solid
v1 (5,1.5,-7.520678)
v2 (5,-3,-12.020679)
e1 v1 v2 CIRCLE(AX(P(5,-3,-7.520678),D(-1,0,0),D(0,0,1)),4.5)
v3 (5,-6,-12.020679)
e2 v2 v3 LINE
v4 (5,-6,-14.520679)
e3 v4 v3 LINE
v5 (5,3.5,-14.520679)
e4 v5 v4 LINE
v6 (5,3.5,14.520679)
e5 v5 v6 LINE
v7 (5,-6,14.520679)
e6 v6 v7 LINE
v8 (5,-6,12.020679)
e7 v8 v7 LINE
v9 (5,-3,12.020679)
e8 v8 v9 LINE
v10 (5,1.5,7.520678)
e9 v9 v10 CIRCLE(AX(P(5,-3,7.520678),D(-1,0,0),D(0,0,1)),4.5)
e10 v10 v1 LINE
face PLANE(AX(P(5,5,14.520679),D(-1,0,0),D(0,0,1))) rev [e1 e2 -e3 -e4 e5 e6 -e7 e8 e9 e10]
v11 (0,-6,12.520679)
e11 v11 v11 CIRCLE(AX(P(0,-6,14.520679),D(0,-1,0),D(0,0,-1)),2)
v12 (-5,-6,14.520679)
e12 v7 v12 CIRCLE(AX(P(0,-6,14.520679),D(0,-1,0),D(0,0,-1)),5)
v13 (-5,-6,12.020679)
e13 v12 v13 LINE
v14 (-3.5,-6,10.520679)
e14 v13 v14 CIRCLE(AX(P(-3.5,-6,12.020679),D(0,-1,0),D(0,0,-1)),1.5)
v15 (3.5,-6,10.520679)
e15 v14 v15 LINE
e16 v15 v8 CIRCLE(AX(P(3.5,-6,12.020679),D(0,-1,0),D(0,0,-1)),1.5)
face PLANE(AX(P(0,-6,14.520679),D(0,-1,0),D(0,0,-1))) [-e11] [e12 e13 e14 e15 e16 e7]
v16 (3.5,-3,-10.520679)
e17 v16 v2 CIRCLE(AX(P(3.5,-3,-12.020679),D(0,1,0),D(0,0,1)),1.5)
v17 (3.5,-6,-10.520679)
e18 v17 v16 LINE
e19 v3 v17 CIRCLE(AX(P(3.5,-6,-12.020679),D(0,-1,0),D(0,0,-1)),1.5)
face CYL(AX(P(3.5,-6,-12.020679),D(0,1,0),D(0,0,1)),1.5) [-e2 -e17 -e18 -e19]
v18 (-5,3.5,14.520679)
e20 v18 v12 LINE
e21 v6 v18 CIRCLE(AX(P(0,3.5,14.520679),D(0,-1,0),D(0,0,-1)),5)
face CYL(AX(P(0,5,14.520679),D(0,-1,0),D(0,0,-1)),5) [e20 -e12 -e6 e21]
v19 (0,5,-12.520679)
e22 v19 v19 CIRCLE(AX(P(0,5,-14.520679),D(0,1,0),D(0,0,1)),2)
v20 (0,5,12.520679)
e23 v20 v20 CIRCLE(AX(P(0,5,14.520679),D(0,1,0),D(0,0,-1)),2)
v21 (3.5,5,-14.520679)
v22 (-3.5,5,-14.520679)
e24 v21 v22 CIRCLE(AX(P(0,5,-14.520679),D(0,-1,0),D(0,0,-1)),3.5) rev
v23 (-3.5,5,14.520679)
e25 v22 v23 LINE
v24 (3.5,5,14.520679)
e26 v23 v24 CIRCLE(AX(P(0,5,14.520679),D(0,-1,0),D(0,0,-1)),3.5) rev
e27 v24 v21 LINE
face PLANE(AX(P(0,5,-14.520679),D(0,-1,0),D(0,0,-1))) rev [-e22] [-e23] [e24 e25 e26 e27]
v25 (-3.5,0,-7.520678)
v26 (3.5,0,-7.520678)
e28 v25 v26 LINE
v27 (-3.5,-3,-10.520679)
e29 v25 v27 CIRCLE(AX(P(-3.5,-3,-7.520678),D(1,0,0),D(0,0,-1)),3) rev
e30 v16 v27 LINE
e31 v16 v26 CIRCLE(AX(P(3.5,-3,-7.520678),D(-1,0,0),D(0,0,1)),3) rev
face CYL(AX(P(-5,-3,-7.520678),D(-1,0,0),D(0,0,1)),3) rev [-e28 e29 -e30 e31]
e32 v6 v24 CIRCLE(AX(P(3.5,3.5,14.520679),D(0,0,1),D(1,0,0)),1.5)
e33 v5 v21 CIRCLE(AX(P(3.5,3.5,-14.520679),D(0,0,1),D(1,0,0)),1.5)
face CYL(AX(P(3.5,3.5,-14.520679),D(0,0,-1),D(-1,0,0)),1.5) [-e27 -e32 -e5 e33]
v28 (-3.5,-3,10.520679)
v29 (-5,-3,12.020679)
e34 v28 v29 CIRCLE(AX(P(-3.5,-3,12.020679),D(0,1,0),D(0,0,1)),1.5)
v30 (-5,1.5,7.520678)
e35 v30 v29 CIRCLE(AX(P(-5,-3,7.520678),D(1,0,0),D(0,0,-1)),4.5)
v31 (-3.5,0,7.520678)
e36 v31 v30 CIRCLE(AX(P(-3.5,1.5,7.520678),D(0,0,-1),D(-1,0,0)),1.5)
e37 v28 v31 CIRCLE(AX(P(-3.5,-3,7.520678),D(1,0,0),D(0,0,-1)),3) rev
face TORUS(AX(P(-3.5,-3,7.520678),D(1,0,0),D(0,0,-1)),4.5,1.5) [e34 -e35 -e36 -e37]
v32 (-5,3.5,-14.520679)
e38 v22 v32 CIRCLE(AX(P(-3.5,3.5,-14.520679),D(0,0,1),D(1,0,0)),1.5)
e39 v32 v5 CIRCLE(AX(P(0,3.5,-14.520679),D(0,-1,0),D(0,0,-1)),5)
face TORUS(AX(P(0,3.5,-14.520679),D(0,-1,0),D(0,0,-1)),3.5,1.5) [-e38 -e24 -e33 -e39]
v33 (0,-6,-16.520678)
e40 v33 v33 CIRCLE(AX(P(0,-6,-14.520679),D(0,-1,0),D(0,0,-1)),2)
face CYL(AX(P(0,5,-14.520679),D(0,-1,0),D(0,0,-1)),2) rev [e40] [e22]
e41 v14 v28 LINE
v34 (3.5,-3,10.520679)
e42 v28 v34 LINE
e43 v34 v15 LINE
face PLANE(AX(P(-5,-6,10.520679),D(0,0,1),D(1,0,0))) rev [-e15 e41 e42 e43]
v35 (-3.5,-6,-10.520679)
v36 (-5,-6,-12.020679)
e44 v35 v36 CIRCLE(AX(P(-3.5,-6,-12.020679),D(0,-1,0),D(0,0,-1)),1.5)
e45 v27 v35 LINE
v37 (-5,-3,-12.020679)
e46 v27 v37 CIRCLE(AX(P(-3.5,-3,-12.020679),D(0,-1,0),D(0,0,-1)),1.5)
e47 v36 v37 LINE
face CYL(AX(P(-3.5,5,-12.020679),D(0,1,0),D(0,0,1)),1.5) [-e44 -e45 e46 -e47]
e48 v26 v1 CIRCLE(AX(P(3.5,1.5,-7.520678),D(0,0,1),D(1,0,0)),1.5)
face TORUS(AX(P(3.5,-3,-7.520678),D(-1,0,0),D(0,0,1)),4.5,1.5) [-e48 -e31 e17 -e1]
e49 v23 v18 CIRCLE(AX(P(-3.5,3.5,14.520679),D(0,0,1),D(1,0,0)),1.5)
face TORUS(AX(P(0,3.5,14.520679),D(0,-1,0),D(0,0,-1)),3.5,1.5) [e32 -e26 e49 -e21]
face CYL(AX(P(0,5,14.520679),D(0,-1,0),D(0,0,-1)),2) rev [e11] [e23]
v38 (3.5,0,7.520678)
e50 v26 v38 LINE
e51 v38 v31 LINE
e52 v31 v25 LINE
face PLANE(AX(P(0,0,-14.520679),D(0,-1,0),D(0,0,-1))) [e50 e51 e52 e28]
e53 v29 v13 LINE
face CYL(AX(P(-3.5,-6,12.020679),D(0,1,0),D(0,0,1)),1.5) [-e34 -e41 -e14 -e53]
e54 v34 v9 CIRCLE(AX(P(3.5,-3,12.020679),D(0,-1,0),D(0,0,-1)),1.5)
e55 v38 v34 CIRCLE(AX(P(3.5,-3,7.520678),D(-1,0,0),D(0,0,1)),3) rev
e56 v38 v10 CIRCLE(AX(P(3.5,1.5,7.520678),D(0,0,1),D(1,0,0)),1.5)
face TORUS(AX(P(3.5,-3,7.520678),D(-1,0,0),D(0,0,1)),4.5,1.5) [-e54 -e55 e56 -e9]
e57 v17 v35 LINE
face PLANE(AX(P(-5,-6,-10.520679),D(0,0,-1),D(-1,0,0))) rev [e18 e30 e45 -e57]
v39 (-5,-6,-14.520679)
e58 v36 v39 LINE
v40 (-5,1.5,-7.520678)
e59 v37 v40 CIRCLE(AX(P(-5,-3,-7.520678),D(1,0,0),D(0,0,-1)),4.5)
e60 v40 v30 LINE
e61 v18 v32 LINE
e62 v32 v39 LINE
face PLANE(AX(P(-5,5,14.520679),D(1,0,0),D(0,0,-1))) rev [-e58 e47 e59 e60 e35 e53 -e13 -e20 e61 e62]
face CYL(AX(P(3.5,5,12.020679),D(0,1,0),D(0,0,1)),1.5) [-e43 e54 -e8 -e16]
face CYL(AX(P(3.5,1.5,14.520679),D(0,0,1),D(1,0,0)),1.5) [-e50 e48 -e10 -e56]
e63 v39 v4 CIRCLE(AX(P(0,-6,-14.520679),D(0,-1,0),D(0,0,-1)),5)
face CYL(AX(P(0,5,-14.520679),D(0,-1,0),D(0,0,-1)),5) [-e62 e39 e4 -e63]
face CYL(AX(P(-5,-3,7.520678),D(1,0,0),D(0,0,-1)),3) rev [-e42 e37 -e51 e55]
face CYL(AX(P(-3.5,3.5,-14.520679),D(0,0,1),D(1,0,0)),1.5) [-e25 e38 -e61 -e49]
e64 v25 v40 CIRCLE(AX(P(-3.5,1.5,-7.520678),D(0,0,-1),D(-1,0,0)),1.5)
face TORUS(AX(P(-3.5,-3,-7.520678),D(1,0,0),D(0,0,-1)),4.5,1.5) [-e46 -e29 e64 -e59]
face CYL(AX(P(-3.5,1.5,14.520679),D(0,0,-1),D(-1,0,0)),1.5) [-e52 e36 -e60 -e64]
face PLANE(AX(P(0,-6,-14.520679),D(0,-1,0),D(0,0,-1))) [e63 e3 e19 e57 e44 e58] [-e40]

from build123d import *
from build123d.topology import SkipClean

# Parameters (mm, degrees)
SKETCH1_R           = 2
BOSS_EXTRUDE1_DEPTH = 5
BOSS_EXTRUDE2_START = 6
SKETCH2_R           = 2
BOSS_EXTRUDE2_DEPTH = 6
FILLET2_R           = 3
FILLET1_R           = 1.5


with BuildPart() as part:
    # Sketch1 → Boss-Extrude1 (new body)
    with BuildSketch(Plane(origin=(0, 0, 0), x_dir=(1, 0, 0), z_dir=(0, 1, 0))):
        with BuildLine():
            Line((-5, -14.5206785), (-5, 14.5206785))
            ThreePointArc((-5, 14.5206785), (0, 19.5206785), (5, 14.5206785))
            Line((5, 14.5206785), (5, -14.5206785))
            ThreePointArc((5, -14.5206785), (0, -19.5206785), (-5, -14.5206785))
        make_face()
        with Locations(Location((0, 14.5206785, 0), (0, 0, 270))):
            Circle(SKETCH1_R, mode=Mode.SUBTRACT)
        with Locations(Location((0, -14.5206785, 0), (0, 0, 90))):
            Circle(SKETCH1_R, mode=Mode.SUBTRACT)
    extrude(amount=BOSS_EXTRUDE1_DEPTH)

    # Sketch2 → Boss-Extrude2 (add)
    # profile 1 of 2: a face of its own
    with SkipClean():  # the faces are left unmerged after this step: merging them gives an invalid solid
        with BuildSketch(Plane.XZ.offset(BOSS_EXTRUDE2_START)):
            with BuildLine():
                Line((-5, -10.5206785), (5, -10.5206785))
                Line((5, -10.5206785), (5, -14.5206785))
                ThreePointArc((5, -14.5206785), (0, -19.5206785), (-5, -14.5206785))
                Line((-5, -14.5206785), (-5, -10.5206785))
            make_face()
            with Locations(Location((0, -14.5206785, 0), (0, 0, 270))):
                Circle(SKETCH2_R, mode=Mode.SUBTRACT)
        # profile 2 of 2: a face of its own
        with BuildSketch(Plane.XZ.offset(BOSS_EXTRUDE2_START)):
            with BuildLine():
                Line((-5, 10.5206785), (5, 10.5206785))
                Line((5, 10.5206785), (5, 14.5206785))
                ThreePointArc((5, 14.5206785), (0, 19.5206785), (-5, 14.5206785))
                Line((-5, 14.5206785), (-5, 10.5206785))
            make_face()
            with Locations(Location((0, 14.5206785, 0), (0, 0, 270))):
                Circle(SKETCH2_R, mode=Mode.SUBTRACT)
        extrude(amount=-BOSS_EXTRUDE2_DEPTH)

    # Fillet2
    fillet2_edges = [part.edges().sort_by_distance(p)[0] for p in [
        (0, 0, -10.5206785),
        (0, 0, 10.5206785),
    ]]
    fillet(fillet2_edges, radius=FILLET2_R)

    # Fillet1
    fillet1_edges = [part.edges().sort_by_distance(p)[0] for p in [
        (0, 5, 19.5206785),
        (5, 5, 0),
        (-5, -4.5, -10.5206785),
        (5, -4.5, -10.5206785),
        (-5, -4.5, 10.5206785),
        (5, -4.5, 10.5206785),
        (0, 5, -19.5206785),
        (5, 0, 0),
        (-5, 0, 0),
        (-5, -0.878679656, -9.641998844),
        (5, -0.878679656, -9.641998844),
        (5, -0.878679656, 9.641998844),
        (-5, -0.878679656, 9.641998844),
        (-5, 5, 0),
    ]]
    fillet(fillet1_edges, radius=FILLET1_R)


solid = part.part
